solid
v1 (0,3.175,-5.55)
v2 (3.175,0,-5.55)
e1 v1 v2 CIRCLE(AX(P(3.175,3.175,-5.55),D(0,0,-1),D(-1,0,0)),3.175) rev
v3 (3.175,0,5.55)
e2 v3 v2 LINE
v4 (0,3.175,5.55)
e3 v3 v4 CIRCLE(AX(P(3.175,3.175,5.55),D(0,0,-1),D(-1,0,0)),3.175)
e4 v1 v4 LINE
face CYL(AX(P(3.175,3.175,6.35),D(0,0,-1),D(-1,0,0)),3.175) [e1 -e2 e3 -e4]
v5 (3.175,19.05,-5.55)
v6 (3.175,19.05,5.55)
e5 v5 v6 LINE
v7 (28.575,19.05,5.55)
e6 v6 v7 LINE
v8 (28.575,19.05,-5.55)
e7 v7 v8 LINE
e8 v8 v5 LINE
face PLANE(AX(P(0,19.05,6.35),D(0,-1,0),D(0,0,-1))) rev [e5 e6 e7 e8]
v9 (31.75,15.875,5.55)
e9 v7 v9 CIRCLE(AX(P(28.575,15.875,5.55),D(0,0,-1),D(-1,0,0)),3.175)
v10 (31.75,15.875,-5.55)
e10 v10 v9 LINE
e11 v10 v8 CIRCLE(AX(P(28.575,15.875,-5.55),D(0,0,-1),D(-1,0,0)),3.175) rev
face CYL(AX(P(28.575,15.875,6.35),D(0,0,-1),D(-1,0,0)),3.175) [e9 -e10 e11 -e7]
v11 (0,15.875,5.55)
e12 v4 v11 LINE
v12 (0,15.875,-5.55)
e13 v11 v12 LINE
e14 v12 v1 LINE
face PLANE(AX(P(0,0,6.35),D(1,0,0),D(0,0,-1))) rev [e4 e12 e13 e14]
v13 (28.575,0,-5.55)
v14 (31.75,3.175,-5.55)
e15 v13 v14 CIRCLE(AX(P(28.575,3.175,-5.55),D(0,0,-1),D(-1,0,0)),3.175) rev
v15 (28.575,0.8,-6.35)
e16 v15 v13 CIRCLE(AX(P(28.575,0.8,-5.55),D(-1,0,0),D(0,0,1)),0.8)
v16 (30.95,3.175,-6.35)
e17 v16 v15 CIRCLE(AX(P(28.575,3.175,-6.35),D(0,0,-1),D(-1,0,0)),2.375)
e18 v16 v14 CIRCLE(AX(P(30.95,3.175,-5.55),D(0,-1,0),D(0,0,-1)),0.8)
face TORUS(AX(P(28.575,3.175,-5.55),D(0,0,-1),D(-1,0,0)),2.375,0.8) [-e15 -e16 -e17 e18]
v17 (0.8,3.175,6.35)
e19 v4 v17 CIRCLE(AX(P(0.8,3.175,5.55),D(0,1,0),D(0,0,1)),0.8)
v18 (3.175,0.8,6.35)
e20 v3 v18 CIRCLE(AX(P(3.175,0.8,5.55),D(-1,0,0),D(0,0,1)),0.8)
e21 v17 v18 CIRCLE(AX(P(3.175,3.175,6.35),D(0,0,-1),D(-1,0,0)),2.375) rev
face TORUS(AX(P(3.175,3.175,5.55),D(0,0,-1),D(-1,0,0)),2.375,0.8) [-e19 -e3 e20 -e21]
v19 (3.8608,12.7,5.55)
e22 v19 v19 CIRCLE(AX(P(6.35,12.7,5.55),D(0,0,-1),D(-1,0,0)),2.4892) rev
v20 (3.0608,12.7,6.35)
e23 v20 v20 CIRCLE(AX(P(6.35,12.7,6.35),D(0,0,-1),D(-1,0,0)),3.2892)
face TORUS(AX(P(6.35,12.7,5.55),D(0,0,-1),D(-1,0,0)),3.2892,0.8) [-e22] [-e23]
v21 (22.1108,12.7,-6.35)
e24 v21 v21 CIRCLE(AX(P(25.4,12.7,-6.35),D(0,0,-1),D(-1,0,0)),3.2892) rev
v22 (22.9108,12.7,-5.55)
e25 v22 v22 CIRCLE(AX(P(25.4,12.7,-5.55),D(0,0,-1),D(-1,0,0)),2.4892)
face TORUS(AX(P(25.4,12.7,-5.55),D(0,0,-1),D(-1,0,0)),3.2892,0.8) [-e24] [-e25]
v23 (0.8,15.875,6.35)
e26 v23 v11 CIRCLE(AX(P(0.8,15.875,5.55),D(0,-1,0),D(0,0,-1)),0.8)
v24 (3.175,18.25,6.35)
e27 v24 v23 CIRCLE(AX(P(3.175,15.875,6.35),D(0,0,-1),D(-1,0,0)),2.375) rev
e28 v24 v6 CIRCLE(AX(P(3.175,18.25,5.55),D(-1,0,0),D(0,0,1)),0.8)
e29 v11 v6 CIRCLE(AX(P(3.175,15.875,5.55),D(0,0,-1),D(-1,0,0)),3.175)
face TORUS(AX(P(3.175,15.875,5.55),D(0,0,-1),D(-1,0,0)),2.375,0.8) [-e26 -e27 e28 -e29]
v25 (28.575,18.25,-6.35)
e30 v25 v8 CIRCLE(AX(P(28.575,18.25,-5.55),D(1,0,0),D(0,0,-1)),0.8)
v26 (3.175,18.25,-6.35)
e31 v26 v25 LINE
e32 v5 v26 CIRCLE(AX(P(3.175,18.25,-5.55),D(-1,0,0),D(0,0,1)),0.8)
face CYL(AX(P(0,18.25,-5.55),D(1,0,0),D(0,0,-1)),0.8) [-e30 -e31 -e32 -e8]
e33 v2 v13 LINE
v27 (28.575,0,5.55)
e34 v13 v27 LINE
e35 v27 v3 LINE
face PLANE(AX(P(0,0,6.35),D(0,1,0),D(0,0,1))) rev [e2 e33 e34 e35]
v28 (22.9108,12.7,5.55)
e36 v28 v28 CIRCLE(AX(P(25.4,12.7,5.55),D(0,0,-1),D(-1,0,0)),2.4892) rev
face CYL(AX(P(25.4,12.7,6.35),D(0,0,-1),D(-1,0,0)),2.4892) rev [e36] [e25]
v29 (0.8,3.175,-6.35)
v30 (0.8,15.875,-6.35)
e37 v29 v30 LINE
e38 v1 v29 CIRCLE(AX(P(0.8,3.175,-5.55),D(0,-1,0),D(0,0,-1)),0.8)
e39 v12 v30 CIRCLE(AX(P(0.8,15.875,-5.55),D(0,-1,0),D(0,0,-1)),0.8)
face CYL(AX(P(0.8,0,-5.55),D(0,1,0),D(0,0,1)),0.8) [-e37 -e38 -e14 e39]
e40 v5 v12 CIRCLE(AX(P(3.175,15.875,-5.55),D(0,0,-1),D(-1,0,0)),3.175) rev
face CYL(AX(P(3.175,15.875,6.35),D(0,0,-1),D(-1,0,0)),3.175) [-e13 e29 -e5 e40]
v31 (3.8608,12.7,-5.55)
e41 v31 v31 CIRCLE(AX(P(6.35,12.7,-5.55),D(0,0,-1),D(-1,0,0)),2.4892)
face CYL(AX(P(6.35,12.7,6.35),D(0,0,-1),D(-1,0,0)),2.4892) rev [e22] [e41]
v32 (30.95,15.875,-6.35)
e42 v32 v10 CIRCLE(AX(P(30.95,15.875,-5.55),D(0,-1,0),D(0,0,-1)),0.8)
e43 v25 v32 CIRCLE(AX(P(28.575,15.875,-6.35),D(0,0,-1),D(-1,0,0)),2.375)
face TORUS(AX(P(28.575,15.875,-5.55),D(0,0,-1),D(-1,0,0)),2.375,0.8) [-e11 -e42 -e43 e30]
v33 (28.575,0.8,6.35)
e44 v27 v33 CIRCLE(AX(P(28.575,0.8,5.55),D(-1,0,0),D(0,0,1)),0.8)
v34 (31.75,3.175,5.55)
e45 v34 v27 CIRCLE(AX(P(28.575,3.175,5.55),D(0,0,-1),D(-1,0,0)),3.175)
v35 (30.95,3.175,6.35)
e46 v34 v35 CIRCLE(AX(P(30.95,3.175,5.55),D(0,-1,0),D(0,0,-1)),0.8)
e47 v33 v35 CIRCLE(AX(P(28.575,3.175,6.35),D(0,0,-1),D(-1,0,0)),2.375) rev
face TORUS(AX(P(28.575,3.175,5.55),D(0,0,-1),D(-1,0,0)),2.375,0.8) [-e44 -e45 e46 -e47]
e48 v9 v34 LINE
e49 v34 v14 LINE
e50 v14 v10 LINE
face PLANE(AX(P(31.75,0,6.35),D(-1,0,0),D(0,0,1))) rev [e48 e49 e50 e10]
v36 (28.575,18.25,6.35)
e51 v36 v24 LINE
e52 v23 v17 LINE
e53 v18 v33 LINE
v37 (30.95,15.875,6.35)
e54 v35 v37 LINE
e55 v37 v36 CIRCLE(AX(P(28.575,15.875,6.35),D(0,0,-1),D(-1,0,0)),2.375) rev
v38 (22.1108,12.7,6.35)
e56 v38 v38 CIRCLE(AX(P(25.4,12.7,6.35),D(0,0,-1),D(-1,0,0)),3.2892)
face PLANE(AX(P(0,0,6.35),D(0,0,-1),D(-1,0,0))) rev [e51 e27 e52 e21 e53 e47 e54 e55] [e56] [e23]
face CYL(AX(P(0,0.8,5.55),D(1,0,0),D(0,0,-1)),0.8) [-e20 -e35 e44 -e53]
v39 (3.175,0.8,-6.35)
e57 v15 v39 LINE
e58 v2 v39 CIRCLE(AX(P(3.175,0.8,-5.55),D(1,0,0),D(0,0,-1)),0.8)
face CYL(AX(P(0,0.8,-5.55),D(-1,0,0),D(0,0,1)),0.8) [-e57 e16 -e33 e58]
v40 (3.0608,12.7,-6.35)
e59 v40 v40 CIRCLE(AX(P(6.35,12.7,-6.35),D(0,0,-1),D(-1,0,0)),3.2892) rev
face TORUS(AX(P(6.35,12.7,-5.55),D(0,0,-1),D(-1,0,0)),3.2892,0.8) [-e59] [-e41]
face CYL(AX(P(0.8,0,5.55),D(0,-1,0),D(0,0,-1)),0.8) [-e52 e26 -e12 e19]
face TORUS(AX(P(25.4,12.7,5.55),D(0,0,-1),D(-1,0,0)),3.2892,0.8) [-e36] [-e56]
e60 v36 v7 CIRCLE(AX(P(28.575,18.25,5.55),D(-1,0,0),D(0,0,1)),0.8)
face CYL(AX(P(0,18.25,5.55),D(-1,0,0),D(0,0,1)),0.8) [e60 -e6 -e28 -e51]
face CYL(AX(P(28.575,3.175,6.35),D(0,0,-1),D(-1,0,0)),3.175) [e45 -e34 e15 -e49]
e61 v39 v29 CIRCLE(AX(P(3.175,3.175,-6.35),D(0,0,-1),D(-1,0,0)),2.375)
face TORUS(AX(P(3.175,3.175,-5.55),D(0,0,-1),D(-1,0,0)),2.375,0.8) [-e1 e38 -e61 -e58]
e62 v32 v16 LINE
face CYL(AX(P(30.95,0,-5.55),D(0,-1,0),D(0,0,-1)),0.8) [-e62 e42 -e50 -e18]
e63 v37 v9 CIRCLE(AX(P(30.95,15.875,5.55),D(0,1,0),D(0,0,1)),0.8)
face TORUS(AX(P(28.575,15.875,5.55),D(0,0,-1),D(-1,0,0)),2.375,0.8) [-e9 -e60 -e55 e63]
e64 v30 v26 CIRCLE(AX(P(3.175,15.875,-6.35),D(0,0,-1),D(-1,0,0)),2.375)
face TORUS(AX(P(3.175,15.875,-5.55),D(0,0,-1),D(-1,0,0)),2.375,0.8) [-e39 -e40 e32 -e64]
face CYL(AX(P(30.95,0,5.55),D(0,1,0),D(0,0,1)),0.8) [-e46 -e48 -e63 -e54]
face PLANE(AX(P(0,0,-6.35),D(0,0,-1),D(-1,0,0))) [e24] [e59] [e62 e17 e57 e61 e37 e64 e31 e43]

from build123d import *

# Parameters (mm, degrees)
SKETCH1_W           = 31.75
SKETCH1_H           = 19.05
SKETCH1_R           = 2.4892
BOSS_EXTRUDE1_DEPTH = 6.35
FILLET1_R           = 3.175
FILLET2_R           = 0.8


with BuildPart() as part:
    # Sketch1 → Boss-Extrude1 (new, symmetric)
    with BuildSketch(Plane.XY):
        with Locations((15.875, 9.525)):
            Rectangle(SKETCH1_W, SKETCH1_H)
        with Locations((6.35, 12.7)):
            Circle(SKETCH1_R, mode=Mode.SUBTRACT)
        with Locations((25.4, 12.7)):
            Circle(SKETCH1_R, mode=Mode.SUBTRACT)
    extrude(amount=BOSS_EXTRUDE1_DEPTH, both=True)

    # Fillet1
    fillet1_edges = [part.edges().sort_by_distance(p)[0] for p in [
        (0, 19.05, 0),
        (31.75, 19.05, 0),
        (31.75, 0, 0),
        (0, 0, 0),
    ]]
    fillet(fillet1_edges, radius=FILLET1_R)

    # Fillet2
    fillet2_edges = [part.edges().sort_by_distance(p)[0] for p in [
        (3.8608, 12.7, -6.35),
        (3.8608, 12.7, 6.35),
        (22.9108, 12.7, -6.35),
        (22.9108, 12.7, 6.35),
        (15.875, 19.05, -6.35),
        (15.875, 19.05, 6.35),
        (0, 9.525, -6.35),
        (31.75, 9.525, -6.35),
        (15.875, 0, -6.35),
        (0.92993597, 18.12006403, -6.35),
        (0.92993597, 0.92993597, -6.35),
        (30.82006403, 0.92993597, -6.35),
        (30.82006403, 18.12006403, -6.35),
        (31.75, 9.525, 6.35),
        (0, 9.525, 6.35),
        (15.875, 0, 6.35),
        (0.92993597, 18.12006403, 6.35),
        (0.92993597, 0.92993597, 6.35),
        (30.82006403, 0.92993597, 6.35),
        (30.82006403, 18.12006403, 6.35),
    ]]
    fillet(fillet2_edges, radius=FILLET2_R)


solid = part.part
